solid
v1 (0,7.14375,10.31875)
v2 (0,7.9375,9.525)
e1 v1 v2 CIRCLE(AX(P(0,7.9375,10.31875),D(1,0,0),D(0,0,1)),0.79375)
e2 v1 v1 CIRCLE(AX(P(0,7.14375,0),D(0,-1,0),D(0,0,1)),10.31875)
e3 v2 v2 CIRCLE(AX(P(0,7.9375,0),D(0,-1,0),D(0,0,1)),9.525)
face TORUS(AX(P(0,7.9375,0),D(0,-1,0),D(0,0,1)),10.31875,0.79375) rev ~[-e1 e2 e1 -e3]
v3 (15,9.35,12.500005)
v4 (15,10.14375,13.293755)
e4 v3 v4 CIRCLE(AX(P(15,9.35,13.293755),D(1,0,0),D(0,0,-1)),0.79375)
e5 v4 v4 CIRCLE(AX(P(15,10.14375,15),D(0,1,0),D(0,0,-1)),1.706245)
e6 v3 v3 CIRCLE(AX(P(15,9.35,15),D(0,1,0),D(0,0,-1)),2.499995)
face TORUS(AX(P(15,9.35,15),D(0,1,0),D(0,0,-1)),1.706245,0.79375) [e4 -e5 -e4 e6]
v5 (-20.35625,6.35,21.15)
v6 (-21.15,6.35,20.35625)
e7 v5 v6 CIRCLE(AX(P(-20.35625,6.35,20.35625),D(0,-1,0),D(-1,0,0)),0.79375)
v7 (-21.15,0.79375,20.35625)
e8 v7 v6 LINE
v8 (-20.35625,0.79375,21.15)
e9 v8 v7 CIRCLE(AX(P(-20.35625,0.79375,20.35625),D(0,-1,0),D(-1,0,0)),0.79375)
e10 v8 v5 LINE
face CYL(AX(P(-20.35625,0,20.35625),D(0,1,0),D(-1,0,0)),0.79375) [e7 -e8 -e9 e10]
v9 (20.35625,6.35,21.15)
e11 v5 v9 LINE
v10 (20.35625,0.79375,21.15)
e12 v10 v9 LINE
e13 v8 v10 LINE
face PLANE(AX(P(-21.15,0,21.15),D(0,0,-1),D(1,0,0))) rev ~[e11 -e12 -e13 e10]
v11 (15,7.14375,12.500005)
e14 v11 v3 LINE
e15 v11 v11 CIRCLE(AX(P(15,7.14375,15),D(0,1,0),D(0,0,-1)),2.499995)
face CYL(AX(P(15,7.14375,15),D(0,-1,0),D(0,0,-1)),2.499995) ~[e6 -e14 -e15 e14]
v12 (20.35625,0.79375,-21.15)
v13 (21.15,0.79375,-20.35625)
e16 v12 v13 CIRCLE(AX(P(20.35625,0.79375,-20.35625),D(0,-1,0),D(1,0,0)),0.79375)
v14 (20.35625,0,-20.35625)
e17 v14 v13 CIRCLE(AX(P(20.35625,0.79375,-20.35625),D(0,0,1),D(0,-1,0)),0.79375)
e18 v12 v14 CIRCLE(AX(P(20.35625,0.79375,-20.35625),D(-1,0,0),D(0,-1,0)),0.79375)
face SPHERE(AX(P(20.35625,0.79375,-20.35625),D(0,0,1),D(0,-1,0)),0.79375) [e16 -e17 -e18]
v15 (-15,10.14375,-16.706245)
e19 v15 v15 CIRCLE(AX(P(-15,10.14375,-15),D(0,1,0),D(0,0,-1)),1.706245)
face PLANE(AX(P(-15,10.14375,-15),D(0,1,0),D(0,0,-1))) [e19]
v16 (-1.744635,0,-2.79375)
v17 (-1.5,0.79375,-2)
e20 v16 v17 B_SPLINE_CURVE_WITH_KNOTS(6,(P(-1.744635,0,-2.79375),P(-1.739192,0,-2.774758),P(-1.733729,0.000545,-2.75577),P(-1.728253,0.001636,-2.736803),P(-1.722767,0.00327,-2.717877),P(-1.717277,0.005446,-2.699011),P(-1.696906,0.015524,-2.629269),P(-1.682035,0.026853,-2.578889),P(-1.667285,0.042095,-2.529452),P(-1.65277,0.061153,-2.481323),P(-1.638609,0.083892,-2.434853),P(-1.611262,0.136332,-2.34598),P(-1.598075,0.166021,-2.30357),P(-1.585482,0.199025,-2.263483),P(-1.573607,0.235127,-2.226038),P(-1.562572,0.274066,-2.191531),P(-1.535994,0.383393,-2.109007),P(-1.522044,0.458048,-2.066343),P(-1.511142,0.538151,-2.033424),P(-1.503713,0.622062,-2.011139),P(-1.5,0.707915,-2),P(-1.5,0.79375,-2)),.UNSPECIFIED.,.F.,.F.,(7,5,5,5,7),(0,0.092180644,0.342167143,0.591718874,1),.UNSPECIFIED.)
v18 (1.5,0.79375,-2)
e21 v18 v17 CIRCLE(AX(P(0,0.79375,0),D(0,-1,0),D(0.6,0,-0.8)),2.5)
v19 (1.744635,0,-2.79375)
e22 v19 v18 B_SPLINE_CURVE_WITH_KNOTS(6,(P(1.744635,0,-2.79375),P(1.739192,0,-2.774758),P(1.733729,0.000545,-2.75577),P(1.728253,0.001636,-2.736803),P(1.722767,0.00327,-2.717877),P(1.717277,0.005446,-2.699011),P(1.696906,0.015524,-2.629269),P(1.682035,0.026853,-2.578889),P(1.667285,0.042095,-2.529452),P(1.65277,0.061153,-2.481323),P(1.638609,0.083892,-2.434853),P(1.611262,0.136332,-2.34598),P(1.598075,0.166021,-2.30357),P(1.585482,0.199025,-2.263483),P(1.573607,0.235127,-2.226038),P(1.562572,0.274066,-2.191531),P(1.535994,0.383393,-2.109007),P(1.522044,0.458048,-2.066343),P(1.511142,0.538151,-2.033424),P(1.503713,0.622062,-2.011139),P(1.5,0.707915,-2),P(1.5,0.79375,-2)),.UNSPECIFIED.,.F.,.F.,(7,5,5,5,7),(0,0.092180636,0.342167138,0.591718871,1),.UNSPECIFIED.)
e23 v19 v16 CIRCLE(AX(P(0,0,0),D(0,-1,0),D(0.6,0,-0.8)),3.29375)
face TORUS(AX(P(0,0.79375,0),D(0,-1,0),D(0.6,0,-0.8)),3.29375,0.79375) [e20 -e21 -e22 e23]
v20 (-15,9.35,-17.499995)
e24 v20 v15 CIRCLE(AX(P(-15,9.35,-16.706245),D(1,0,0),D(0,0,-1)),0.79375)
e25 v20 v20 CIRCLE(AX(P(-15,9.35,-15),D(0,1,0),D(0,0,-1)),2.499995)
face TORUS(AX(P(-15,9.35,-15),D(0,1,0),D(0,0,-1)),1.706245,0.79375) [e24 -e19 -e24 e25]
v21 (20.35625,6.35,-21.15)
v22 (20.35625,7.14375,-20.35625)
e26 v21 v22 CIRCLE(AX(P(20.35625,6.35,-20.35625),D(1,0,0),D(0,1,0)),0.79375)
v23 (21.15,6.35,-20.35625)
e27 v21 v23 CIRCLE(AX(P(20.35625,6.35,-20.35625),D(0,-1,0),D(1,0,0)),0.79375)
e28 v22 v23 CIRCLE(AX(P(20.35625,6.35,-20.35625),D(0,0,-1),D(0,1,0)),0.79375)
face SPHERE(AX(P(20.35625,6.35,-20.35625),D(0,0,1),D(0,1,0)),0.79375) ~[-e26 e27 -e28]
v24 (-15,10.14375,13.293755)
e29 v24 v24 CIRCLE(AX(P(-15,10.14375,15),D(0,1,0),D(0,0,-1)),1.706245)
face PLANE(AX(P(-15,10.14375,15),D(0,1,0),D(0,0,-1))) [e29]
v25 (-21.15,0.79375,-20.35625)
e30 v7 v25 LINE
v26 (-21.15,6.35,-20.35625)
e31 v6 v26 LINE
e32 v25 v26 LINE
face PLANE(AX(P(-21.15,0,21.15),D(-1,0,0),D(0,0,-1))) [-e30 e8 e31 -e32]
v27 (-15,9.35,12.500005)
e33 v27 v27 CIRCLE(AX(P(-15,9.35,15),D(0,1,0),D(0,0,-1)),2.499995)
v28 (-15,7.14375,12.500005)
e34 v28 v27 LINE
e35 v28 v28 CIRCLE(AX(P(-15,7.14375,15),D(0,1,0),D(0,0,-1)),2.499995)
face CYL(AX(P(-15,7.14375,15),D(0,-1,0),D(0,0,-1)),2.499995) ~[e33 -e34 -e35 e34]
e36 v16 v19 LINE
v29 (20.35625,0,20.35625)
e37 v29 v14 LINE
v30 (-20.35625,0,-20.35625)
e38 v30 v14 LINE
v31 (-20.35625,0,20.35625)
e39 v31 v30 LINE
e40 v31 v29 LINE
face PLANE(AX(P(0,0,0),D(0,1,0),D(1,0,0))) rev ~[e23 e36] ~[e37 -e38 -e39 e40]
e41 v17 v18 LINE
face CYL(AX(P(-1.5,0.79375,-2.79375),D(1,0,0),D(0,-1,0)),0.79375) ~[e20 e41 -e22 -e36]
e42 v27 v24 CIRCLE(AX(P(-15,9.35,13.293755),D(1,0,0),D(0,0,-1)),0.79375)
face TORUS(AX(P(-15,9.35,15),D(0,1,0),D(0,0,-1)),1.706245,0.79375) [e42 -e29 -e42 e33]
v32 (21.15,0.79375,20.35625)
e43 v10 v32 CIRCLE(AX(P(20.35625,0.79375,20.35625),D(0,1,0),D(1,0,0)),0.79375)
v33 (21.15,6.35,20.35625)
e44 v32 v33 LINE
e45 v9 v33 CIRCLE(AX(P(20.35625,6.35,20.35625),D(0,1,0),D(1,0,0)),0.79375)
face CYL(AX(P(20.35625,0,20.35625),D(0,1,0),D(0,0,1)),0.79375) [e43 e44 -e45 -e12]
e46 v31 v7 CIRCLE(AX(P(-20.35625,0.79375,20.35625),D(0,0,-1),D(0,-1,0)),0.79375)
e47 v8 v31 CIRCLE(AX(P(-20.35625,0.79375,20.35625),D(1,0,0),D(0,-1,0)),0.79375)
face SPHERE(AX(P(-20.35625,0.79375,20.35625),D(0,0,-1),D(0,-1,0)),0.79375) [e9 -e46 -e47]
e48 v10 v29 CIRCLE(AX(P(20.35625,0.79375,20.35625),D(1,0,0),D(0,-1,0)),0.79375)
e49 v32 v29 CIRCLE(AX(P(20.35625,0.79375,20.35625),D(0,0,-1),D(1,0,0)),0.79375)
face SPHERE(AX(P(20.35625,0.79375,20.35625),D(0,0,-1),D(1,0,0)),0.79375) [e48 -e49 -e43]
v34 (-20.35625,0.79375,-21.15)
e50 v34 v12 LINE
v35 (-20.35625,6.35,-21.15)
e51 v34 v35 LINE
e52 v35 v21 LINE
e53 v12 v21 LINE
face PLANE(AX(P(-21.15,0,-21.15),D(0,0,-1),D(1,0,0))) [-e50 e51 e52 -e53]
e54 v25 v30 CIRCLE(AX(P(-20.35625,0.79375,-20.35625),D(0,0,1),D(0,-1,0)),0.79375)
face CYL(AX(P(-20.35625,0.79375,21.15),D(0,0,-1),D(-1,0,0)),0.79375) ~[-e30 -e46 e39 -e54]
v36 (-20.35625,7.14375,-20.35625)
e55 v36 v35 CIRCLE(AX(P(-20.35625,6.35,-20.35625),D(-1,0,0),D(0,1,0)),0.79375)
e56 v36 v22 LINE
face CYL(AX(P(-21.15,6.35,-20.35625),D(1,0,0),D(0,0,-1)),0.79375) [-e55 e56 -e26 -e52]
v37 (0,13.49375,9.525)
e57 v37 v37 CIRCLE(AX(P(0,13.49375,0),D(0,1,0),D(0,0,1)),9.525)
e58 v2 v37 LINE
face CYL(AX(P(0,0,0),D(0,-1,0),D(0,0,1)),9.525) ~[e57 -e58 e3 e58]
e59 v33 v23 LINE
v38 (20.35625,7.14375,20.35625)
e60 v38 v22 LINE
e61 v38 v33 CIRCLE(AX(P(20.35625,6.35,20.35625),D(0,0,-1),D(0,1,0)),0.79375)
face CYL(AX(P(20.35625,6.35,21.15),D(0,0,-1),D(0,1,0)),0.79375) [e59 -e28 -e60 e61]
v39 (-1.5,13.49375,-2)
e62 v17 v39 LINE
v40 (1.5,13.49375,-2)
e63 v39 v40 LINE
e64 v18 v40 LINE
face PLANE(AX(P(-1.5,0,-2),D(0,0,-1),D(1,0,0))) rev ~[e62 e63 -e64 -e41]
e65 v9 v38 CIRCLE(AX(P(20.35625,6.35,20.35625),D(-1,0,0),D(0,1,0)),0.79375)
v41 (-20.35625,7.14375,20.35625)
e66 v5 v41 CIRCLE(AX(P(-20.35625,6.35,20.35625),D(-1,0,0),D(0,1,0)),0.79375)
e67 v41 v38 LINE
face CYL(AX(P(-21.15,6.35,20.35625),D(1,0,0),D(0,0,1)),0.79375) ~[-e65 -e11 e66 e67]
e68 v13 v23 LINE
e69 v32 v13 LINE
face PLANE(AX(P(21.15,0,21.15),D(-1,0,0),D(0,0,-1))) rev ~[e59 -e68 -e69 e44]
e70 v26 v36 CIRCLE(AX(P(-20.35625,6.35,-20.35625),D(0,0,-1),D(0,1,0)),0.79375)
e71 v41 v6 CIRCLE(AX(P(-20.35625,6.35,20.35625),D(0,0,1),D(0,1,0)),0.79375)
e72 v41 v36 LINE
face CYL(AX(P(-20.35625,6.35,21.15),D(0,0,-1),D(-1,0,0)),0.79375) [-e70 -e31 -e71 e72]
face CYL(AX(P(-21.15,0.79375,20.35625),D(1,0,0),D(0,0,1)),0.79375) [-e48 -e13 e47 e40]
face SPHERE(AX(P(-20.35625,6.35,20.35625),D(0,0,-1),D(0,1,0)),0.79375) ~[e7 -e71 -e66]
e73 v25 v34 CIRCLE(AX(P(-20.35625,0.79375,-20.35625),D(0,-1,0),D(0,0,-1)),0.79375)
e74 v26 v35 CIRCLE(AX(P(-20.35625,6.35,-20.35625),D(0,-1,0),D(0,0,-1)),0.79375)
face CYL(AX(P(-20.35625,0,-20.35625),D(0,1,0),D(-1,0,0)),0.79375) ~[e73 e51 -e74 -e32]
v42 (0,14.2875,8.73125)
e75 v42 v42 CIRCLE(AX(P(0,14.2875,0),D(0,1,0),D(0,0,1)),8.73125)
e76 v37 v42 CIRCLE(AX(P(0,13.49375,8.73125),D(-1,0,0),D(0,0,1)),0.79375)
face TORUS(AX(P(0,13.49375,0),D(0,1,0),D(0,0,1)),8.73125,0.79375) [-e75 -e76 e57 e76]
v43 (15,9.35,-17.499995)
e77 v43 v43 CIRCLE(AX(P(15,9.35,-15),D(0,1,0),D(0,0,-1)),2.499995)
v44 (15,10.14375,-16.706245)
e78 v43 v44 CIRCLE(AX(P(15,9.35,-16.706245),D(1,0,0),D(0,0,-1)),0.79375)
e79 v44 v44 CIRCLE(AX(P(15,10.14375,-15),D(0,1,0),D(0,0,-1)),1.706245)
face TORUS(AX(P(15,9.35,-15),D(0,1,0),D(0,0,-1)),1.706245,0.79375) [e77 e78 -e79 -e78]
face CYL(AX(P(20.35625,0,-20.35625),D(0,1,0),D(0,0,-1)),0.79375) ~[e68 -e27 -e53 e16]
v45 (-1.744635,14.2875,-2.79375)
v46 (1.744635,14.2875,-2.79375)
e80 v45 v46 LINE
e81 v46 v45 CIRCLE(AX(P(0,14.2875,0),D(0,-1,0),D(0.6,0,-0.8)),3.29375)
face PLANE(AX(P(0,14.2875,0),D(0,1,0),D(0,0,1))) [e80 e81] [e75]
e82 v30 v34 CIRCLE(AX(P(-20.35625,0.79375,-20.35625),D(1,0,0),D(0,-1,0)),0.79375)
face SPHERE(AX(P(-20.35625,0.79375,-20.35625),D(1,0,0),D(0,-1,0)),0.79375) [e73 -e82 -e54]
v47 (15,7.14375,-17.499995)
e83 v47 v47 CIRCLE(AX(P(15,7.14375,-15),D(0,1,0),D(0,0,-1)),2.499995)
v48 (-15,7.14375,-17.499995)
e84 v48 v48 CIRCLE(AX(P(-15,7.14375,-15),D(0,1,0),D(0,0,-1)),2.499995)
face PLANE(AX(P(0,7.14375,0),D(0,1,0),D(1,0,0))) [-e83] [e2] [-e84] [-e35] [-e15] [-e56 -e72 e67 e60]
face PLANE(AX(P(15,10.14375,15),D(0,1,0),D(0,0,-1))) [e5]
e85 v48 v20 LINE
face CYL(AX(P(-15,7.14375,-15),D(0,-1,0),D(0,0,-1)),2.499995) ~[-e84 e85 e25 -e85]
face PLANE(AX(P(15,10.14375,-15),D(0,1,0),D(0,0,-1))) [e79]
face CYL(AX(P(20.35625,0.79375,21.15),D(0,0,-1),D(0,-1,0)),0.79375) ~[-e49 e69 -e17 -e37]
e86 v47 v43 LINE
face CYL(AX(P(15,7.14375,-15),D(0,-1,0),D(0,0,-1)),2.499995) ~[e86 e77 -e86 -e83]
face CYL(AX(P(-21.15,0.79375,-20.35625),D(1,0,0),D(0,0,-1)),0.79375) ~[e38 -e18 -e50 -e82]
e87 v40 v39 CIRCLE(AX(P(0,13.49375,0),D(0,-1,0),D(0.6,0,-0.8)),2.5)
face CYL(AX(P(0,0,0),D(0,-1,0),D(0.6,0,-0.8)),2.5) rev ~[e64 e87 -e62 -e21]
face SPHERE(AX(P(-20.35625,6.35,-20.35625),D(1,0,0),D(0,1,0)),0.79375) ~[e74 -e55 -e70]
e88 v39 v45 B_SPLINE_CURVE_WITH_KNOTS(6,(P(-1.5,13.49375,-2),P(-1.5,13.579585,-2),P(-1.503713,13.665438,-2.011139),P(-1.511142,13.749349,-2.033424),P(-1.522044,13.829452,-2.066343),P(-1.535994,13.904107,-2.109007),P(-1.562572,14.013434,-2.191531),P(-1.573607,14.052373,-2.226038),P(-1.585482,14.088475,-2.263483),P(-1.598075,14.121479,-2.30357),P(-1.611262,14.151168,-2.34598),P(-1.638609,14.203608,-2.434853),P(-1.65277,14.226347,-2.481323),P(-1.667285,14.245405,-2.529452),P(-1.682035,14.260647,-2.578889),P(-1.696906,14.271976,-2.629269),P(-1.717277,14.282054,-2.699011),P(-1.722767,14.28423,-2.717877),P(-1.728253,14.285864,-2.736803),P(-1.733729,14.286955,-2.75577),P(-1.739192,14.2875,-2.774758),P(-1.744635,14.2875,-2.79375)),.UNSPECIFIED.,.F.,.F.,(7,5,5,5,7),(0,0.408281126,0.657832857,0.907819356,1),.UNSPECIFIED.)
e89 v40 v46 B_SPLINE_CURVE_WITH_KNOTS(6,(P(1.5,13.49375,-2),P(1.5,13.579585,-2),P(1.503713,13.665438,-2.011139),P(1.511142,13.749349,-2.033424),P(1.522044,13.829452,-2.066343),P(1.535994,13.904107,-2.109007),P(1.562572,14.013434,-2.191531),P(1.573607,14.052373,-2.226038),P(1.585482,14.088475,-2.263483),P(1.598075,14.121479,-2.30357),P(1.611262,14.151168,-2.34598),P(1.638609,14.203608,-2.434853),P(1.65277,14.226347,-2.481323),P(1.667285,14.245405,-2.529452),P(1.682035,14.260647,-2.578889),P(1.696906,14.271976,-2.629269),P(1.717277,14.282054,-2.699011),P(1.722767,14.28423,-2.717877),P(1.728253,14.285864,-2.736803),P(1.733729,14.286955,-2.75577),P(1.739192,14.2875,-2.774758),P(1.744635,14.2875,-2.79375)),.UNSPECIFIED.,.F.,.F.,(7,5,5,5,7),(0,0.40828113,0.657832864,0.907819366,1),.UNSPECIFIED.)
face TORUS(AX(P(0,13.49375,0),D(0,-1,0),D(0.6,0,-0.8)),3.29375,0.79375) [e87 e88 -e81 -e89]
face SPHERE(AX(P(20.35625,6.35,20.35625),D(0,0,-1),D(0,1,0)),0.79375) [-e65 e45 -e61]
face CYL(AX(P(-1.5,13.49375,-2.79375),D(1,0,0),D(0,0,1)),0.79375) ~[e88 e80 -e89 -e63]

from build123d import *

# Parameters (mm, degrees)
SKETCH1_R           = 9.525
BOSS_EXTRUDE1_DEPTH = 14.2875
SKETCH2_W           = 42.3
SKETCH2_H           = 42.3
SKETCH2_R           = 9.525
BOSS_EXTRUDE2_DEPTH = 7.14375
SKETCH3_R           = 2.499995
BOSS_EXTRUDE3_DEPTH = 3
FILLET1_R           = 0.79375


with BuildPart() as part:
    # Sketch1 → Boss-Extrude1 (new body)
    with BuildSketch(Plane(origin=(0, 0, 0), x_dir=(1, 0, 0), z_dir=(0, 1, 0))):
        with Locations(Location((0, 0, 0), (0, 0, 270))):
            Circle(SKETCH1_R)
        with BuildLine():
            Line((-1.5, 2), (1.5, 2))
            ThreePointArc((1.5, 2), (0, -2.5), (-1.5, 2))
        make_face(mode=Mode.SUBTRACT)
    extrude(amount=BOSS_EXTRUDE1_DEPTH)

    # Sketch2 → Boss-Extrude2 (add)
    with BuildSketch(Plane(origin=(0, 0, 0), x_dir=(1, 0, 0), z_dir=(0, 1, 0))):
        Rectangle(SKETCH2_W, SKETCH2_H)
        with Locations(Location((0, 0, 0), (0, 0, 90))):
            Circle(SKETCH2_R, mode=Mode.SUBTRACT)
    extrude(amount=BOSS_EXTRUDE2_DEPTH)

    # Sketch3 → Boss-Extrude3 (add)
    with BuildSketch(Plane(origin=(0, 7.14375, 0), x_dir=(1, 0, 0), z_dir=(0, 1, 0))):
        with Locations(Location((-15, 15, 0), (0, 0, 90))):
            Circle(SKETCH3_R)
        with Locations(Location((15, 15, 0), (0, 0, 90))):
            Circle(SKETCH3_R)
        with Locations(Location((15, -15, 0), (0, 0, 90))):
            Circle(SKETCH3_R)
        with Locations(Location((-15, -15, 0), (0, 0, 90))):
            Circle(SKETCH3_R)
    extrude(amount=BOSS_EXTRUDE3_DEPTH)

    # Fillet1
    fillet1_edges = [part.edges().sort_by_distance(p)[0] for p in [
        (0, 7.14375, -9.525),
        (21.15, 7.14375, 0),
        (0, 7.14375, -21.15),
        (-21.15, 7.14375, 0),
        (0, 7.14375, 21.15),
        (21.15, 0, 0),
        (21.15, 3.571875, 21.15),
        (0, 0, -21.15),
        (21.15, 3.571875, -21.15),
        (-21.15, 0, 0),
        (-21.15, 3.571875, -21.15),
        (0, 0, 21.15),
        (-21.15, 3.571875, 21.15),
        (-15, 10.14375, 17.499995),
        (15, 10.14375, 17.499995),
        (15, 10.14375, -12.500005),
        (-15, 10.14375, -12.500005),
        (0, 14.2875, -9.525),
        (0, 0, 2.5),
        (0, 0, -2),
        (0, 14.2875, 2.5),
        (0, 14.2875, -2),
    ]]
    fillet(fillet1_edges, radius=FILLET1_R)


solid = part.part
